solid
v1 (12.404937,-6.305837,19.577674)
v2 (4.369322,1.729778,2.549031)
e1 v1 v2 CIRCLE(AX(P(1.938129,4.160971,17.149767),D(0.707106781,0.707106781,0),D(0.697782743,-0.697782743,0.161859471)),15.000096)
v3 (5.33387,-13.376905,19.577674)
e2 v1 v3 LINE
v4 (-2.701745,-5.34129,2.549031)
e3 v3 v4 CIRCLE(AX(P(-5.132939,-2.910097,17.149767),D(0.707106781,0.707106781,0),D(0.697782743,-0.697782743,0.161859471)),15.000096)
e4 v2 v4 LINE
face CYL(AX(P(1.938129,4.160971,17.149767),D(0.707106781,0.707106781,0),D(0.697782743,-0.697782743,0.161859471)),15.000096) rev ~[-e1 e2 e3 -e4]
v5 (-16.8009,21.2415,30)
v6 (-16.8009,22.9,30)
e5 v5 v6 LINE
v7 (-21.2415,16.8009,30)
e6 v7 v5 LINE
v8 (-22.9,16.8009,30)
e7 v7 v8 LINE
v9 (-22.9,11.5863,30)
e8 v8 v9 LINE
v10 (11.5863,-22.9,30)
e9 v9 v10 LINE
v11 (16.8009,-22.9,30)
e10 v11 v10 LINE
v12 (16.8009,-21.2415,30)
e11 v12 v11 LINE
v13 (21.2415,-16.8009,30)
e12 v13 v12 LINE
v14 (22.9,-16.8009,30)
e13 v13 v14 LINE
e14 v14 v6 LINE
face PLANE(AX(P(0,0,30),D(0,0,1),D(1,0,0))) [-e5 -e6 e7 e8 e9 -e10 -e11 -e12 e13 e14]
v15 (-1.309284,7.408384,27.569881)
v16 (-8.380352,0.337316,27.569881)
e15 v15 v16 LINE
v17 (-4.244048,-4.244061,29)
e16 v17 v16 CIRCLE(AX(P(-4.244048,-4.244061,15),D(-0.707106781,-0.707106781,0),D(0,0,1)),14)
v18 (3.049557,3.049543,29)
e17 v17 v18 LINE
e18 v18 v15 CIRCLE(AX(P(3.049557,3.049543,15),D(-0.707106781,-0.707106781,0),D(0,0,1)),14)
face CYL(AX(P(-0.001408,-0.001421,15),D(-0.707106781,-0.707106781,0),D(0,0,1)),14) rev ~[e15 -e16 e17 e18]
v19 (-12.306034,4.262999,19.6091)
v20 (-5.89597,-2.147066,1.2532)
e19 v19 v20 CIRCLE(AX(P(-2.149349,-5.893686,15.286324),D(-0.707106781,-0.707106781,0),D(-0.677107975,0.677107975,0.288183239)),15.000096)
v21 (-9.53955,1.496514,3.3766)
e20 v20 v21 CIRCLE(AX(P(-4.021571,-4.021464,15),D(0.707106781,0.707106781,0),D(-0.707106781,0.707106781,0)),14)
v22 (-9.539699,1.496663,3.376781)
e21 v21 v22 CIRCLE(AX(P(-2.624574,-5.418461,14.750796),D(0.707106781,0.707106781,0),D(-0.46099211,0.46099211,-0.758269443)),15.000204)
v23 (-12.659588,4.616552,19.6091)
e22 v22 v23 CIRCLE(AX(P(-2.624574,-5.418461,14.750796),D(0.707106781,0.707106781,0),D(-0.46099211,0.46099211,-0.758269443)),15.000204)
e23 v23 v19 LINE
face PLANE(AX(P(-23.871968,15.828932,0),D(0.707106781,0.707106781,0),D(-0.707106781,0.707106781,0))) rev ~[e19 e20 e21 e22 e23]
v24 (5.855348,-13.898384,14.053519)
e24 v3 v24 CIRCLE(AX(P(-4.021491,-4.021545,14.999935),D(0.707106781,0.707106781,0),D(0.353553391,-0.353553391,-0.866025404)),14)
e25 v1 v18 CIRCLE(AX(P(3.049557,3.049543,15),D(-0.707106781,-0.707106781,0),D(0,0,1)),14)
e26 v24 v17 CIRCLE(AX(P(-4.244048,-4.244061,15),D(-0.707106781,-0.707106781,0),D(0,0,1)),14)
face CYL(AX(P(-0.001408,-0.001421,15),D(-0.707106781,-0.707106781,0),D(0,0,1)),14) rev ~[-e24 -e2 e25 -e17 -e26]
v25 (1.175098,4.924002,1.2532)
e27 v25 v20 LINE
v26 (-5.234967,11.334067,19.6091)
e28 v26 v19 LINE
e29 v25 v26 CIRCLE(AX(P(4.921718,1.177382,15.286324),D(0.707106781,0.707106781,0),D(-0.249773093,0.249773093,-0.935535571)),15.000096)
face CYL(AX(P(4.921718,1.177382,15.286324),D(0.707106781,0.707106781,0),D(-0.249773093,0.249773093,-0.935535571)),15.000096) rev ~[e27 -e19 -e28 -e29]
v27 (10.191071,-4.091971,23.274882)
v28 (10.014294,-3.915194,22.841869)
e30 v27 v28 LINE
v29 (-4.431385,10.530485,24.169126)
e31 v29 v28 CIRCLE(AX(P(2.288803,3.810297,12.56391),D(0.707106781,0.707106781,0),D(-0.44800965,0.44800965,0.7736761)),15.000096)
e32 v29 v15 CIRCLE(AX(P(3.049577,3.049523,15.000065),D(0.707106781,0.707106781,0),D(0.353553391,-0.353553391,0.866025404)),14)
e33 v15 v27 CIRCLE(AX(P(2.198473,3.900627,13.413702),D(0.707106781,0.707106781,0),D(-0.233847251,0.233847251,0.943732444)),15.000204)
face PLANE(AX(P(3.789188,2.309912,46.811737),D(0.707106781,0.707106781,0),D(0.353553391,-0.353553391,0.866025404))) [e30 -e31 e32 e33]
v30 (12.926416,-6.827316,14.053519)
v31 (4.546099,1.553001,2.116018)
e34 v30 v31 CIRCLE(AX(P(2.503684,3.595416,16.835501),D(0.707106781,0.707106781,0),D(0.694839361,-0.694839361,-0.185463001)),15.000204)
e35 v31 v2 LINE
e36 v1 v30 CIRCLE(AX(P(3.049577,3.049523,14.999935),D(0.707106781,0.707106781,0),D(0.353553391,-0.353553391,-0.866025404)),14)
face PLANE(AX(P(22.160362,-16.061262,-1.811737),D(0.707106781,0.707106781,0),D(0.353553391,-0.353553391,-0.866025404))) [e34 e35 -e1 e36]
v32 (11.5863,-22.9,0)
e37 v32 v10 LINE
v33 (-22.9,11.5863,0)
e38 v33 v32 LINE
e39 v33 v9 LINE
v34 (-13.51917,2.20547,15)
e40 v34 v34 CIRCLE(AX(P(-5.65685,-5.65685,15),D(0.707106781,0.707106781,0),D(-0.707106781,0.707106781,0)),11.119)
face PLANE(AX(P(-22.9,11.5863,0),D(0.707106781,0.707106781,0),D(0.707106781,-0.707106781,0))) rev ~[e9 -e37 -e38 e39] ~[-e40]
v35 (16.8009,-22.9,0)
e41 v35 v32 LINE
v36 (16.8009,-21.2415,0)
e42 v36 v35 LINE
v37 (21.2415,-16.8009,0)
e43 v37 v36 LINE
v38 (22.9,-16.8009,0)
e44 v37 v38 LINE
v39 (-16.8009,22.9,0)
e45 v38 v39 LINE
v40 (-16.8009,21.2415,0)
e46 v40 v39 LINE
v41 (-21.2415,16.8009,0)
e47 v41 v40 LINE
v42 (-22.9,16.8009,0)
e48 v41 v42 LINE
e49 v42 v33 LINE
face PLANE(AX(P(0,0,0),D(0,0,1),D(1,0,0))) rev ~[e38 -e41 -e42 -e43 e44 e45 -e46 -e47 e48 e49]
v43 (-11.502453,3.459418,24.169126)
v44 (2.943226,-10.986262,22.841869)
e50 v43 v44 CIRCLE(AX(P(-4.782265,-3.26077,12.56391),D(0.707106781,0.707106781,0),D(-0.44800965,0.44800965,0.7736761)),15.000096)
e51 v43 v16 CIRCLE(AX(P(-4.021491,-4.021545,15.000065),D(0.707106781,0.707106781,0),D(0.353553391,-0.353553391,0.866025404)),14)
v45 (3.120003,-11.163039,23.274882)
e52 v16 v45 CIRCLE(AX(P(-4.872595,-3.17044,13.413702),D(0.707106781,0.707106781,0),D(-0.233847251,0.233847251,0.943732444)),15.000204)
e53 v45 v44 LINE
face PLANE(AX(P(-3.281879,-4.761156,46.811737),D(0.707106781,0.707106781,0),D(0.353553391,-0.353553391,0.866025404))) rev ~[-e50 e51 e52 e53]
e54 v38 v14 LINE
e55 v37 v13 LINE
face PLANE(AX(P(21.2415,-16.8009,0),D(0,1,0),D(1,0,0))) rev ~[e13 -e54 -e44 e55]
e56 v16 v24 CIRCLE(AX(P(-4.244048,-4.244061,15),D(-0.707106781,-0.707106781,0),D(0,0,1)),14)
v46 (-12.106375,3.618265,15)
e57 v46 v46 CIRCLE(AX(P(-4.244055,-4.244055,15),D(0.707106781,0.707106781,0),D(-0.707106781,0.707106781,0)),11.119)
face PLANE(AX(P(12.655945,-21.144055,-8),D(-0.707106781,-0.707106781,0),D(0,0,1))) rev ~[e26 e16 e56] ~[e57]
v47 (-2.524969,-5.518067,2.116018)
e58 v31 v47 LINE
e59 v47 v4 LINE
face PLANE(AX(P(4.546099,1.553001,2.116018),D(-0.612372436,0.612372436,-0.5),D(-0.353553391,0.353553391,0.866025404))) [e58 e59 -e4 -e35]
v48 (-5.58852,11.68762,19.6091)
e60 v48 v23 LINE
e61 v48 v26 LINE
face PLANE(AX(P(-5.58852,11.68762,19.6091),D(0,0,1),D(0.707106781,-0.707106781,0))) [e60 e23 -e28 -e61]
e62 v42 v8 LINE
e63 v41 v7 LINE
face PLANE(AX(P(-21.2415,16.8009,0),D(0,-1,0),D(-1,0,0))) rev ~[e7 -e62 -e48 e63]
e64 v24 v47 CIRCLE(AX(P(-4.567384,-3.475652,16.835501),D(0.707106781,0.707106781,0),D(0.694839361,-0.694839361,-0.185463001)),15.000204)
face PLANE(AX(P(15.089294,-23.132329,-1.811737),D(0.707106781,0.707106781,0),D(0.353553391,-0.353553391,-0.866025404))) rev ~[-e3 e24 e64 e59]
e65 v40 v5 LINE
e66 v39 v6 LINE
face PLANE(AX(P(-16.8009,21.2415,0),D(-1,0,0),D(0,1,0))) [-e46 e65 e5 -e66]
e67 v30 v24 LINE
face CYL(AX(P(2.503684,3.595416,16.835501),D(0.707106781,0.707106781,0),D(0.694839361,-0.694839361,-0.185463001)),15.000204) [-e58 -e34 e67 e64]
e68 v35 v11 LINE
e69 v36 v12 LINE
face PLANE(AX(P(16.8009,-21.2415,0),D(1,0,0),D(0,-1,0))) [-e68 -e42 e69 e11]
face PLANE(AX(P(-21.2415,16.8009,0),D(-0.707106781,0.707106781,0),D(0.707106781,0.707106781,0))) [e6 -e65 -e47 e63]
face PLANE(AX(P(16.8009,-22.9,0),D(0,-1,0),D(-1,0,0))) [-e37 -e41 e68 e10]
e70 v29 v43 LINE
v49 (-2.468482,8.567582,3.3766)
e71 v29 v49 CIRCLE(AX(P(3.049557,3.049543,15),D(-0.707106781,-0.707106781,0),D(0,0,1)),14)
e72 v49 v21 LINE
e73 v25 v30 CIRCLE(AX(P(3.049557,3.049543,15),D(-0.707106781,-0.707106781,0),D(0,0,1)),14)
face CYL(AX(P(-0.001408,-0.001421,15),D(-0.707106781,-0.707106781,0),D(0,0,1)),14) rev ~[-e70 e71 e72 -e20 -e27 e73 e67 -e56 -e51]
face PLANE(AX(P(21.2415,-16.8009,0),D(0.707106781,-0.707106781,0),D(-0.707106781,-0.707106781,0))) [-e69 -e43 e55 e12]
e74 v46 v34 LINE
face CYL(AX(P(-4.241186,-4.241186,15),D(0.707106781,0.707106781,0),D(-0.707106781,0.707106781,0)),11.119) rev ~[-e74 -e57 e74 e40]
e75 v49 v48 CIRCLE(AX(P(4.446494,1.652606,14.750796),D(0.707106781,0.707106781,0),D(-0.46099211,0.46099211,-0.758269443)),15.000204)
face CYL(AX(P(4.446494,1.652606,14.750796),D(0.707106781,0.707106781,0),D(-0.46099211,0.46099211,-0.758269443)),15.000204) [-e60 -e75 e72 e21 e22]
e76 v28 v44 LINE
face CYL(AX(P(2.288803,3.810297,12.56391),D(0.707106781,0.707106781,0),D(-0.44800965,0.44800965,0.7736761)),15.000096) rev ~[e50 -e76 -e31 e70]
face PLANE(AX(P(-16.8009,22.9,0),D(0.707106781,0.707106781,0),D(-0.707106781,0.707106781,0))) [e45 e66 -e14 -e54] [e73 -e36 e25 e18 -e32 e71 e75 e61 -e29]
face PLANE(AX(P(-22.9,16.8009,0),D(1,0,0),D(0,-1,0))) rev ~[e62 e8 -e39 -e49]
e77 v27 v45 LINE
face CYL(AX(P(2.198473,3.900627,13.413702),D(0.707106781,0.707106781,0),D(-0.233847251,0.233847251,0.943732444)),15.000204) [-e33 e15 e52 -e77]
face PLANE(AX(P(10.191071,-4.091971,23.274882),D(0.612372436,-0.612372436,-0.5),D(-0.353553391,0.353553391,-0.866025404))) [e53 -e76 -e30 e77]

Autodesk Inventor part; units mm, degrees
ref_plane "YZ Plane" through (0, 0, 0) normal (1, 0, 0) x (0, 1, 0)
ref_plane "XZ Plane" through (0, 0, 0) normal (0, 1, 0) x (-1, 0, 0)
ref_plane "XY Plane" through (0, 0, 0) normal (0, 0, 1) x (1, 0, 0)
sketch "Sketch1" plane through (0, 0, 0) normal (0, 0, 1) x (1, 0, 0)
  line L0 (-16.9, 21.4) -> (-16.9, 16.9) construction
  arc A0 (-22.9, 19.9) -> (-19.9, 22.9) centre (-19.9, 19.9) ccw construction
  line L1 (-16.9, 16.9) -> (16.9, 16.9) construction
  line L2 (16.9, 16.9) -> (16.9, -16.9) construction
  line L3 (16.9, -16.9) -> (-16.9, -16.9) construction
  line L4 (-16.9, -16.9) -> (-16.9, 16.9) construction
  arc A1 (22.9, -19.9) -> (19.9, -22.9) centre (19.9, -19.9) ccw construction
  line L5 (22.9, 19.9) -> (22.9, -19.9) construction
  arc A2 (19.9, 22.9) -> (22.9, 19.9) centre (19.9, 19.9) ccw construction
  line L6 (-19.9, 22.9) -> (19.9, 22.9) construction
  arc A3 (-22.9, 19.9) -> (-19.9, 22.9) centre (-19.9, 19.9) ccw construction
  line L7 (-22.9, -19.9) -> (-22.9, 19.9) construction
  arc A4 (-19.9, -22.9) -> (-22.9, -19.9) centre (-19.9, -19.9) ccw construction
  line L8 (19.9, -22.9) -> (-19.9, -22.9) construction
  line L9 (-21.4, 16.9) -> (-16.9, 16.9) construction
  line L10 (-16.9, -16.9) -> (-21.4, -16.9) construction
  line L11 (-16.9, -16.9) -> (-16.9, -21.4) construction
  line L12 (16.9, -21.4) -> (16.9, -16.9) construction
  line L13 (21.4, -16.9) -> (16.9, -16.9) construction
  line L14 (16.9, 16.9) -> (21.4, 16.9) construction
  line L15 (16.9, 16.9) -> (16.9, 21.4) construction
  line L16 (-16.8009, 21.2415) -> (21.2415, -16.8009)
  line L17 (21.2415, -16.8009) -> (16.8009, -21.2415)
  line L18 (16.8009, -21.2415) -> (-21.2415, 16.8009)
  line L19 (-21.2415, 16.8009) -> (-16.8009, 21.2415)
  line L20 (-16.8009, 21.2415) -> (16.8009, -21.2415) construction
  line L21 (21.2415, -16.8009) -> (-21.2415, 16.8009) construction
  line L22 (-16.8009, 21.2415) -> (36.9991, 21.2415) construction
  line L23 (-21.2415, 16.8009) -> (-22.9, 16.8009)
  line L24 (16.8009, -21.2415) -> (16.8009, -22.9)
  line L25 (16.8009, -22.9) -> (-22.9, 16.8009)
  line L26 (-16.8009, 21.2415) -> (-16.8009, 22.9)
  line L27 (21.2415, -16.8009) -> (22.9, -16.8009)
  line L28 (22.9, -16.8009) -> (-16.8009, 22.9)
  line L29 (-22.9, 16.8009) -> (-22.9, 11.5863)
  line L30 (16.8009, -22.9) -> (11.5863, -22.9)
  line L31 (-22.9, 11.5863) -> (11.5863, -22.9)
  point P0 (0, 0)
  dimension "d0" = 53.8
  dimension "d1" = 45
  dimension "d2" = 6.28
  dimension "d5" = 8
extrude "Extrusion1" add sketch "Sketch1" along normal blind 30
ref_plane "Work Plane1" through (16.9, -16.9, -8) normal (-0.7071, -0.7071, 0) x (0, 0, 1)
sketch "Sketch2" plane through (16.9, -16.9, -8) normal (-0.7071, -0.7071, 0) x (0, 0, 1)
  line L0 (8, -4.1725) -> (8, 51.973) projected
  line L1 (8, 51.973) -> (38, 51.973) projected
  line L2 (38, -4.1725) -> (38, 51.973) projected
  line L3 (8, -4.1725) -> (38, -4.1725) projected
  circle A0 centre (23, 23.9002) radius 14
  point P0 (8, 23.9002)
  dimension "d6" = 28
  dimension "d13" = 15
extrude "Extrusion2" cut sketch "Sketch2" along normal blind 6 and the other way blind 6 contours A0
sketch "Sketch3" plane through (-4.2426, -4.2426, 15) normal (0.7071, 0.7071, 0) x (-0.7071, 0.7071, 0)
  circle A0 centre (0, 0) radius 14 projected
  circle A1 centre (0, 0) radius 11.119
  point P0 (0, -15)
extrude "Extrusion3" cut sketch "Sketch3" against normal blind 6 contours A1
sketch "Sketch4" plane through (-16.8009, 22.9, 0) normal (0.7071, 0.7071, 0) x (-0.7071, 0.7071, 0)
  circle A0 centre (-28.0727, 15) radius 14 projected
  arc A1 (-20.2691, 3.3766) -> (-15.8567, 19.6091) centre (-30.0482, 14.7507) ccw
  arc A2 (-25.4219, 1.2532) -> (-16.3567, 19.6091) centre (-30.7204, 15.2863) ccw
  line L0 (-15.8567, 19.6091) -> (-16.3567, 19.6091)
  line L1 (-56.1455, 30) -> (0, 30) projected
  arc A3 (-25.4219, 1.2532) -> (-20.2691, 3.3766) centre (-28.0727, 15) ccw
  point P0 (-28.0727, 0)
  dimension "d14" = 0.5
  dimension "d15" = 15
  dimension "d16" = 15
extrude "Extrusion4" add sketch "Sketch4" against normal blind 10 contours A2 L0 A1 A0 picked at (-18.6617, 5.9923)
pattern_circular "Circular Pattern1" count 3 over 360 about axis through (0, 0, 15) along (-0.7071, -0.7071, 0) of "Extrusion4"
equation "\"d3\" = MirrorThickness1"
equation "\"d13\" = 0.5 * MirrorThickness1"
equation "\"MirrorThickness1\" = 30"
properties part number "20_Cube_Insert_Mirror_Holder_v2"
